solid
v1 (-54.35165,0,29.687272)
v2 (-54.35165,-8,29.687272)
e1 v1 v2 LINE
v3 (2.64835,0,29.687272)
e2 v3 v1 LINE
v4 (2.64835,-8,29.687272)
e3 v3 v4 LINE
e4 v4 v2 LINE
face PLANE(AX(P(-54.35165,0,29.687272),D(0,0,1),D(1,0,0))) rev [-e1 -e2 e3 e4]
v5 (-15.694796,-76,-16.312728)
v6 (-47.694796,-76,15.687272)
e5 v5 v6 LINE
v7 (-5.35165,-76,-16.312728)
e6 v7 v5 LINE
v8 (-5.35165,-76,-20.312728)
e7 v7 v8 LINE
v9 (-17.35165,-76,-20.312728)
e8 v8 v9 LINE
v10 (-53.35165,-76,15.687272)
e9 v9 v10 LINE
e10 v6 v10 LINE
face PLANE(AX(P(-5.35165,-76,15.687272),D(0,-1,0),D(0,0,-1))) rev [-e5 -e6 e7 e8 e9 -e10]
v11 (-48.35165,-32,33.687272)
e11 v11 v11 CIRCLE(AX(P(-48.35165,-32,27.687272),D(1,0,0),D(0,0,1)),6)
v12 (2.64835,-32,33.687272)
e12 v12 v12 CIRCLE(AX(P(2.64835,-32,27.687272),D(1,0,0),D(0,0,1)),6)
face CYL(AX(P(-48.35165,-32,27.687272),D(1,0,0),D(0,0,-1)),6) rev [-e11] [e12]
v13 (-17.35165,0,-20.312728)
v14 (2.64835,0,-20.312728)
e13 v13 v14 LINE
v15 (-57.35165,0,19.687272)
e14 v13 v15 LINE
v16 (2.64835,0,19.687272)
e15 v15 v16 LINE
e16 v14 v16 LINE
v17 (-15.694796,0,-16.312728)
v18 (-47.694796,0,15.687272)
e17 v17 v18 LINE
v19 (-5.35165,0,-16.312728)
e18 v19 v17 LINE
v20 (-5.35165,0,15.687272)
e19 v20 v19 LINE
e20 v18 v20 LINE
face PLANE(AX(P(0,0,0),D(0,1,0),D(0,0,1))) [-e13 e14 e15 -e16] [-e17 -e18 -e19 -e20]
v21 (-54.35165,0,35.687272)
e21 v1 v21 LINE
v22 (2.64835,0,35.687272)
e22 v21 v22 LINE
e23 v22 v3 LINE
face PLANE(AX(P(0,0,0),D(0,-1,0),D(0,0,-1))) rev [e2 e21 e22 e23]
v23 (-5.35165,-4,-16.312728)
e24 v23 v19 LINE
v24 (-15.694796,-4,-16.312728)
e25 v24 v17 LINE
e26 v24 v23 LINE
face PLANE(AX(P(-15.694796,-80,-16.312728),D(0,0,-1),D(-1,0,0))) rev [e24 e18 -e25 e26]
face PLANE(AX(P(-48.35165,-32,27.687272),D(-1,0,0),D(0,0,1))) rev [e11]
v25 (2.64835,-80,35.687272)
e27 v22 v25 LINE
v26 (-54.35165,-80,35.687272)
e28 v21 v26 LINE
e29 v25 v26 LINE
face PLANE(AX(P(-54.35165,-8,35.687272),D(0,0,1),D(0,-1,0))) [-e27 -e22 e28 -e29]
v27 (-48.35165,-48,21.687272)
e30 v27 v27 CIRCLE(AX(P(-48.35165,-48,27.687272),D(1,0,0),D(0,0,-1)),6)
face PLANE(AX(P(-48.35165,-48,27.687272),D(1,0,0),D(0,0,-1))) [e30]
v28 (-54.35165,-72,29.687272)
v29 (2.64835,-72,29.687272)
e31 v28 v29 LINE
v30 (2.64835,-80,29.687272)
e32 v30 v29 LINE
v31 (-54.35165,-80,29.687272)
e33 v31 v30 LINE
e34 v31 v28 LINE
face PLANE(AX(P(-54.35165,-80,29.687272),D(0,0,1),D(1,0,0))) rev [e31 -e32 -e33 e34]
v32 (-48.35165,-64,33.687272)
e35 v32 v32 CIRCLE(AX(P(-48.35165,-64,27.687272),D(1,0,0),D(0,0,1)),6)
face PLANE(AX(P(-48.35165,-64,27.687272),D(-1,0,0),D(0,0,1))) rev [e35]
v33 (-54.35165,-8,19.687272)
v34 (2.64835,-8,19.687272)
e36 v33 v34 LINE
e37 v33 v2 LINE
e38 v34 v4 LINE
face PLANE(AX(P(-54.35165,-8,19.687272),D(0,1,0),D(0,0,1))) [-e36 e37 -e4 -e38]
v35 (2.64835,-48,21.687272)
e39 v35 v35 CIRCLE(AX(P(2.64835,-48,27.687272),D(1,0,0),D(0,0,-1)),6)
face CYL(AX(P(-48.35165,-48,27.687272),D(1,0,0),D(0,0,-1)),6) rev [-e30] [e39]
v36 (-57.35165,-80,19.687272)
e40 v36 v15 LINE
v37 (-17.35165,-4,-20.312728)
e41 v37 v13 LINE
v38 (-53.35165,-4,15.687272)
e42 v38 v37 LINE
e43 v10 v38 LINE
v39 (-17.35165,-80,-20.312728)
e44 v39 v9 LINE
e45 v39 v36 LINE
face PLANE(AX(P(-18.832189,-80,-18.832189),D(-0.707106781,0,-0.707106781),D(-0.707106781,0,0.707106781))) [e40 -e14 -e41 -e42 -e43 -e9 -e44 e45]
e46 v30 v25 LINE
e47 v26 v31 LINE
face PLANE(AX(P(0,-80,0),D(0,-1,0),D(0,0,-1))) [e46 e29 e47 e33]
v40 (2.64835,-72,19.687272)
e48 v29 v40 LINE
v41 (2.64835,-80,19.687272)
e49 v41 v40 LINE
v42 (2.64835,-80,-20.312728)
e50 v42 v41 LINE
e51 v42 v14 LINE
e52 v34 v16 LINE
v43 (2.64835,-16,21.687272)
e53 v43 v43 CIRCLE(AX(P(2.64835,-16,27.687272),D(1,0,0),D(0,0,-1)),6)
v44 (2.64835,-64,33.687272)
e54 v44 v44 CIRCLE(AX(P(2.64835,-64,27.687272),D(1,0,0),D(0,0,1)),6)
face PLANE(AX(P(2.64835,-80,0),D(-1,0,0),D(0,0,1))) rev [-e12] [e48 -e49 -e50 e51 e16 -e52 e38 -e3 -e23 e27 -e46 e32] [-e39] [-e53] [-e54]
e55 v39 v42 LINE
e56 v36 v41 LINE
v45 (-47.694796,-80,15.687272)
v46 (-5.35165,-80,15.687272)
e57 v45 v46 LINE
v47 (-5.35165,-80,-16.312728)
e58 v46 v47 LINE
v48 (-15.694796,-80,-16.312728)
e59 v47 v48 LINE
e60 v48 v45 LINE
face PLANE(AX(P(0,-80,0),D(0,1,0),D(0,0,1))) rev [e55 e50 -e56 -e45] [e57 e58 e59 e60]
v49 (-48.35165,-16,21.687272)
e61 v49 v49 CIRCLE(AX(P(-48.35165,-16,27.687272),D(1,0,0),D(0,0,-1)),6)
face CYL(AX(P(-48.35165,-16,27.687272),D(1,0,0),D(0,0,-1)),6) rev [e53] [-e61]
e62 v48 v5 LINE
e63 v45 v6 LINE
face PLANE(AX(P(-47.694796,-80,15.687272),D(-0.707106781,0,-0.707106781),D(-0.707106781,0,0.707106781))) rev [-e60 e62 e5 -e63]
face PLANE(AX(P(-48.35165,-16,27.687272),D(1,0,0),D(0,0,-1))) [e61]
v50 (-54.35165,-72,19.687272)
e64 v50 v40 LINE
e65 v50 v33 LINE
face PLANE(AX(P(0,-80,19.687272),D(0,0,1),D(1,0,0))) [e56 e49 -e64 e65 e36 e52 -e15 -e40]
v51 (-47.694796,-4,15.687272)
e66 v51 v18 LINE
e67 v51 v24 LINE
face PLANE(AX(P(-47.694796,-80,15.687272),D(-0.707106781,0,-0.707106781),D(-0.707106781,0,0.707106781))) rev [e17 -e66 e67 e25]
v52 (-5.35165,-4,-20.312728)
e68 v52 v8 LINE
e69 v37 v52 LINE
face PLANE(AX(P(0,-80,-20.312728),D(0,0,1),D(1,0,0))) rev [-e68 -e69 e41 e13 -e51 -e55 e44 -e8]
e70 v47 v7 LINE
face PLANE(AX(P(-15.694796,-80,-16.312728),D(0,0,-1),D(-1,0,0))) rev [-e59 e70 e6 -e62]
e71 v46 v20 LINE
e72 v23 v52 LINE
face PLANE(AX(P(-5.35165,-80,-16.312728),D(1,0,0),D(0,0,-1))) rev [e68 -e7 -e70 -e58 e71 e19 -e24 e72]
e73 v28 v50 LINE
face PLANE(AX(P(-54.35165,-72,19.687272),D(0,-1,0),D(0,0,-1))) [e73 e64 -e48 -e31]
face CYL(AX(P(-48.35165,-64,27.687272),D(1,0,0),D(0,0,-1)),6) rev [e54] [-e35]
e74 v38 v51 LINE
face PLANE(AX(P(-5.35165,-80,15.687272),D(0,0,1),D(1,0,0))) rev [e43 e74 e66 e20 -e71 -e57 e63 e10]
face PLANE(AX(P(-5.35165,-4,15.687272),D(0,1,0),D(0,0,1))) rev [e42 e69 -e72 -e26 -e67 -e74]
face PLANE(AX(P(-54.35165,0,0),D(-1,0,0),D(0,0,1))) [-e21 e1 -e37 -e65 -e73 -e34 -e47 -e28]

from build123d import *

# Parameters (mm, degrees)
SKETCH1_W           = 20
SKETCH1_H           = 40
BOSS_EXTRUDE1_DEPTH = 80
SKETCH8_W           = 16
SKETCH8_H           = 64
BOSS_EXTRUDE2_DEPTH = 57
SKETCH10_R          = 6
CUT_EXTRUDE1_DEPTH  = 51
CUT_EXTRUDE2_DEPTH  = 105.703357948
SKETCH12_W          = 57
SKETCH12_H          = 6
BOSS_EXTRUDE3_DEPTH = 8
SKETCH14_W          = 57
SKETCH14_H          = 6
BOSS_EXTRUDE4_DEPTH = 8
SKETCH17_W          = 48
SKETCH17_H          = 72
CUT_EXTRUDE4_DEPTH  = 36


with BuildPart() as part:
    # Sketch1 → Boss-Extrude1 (new body)
    with BuildSketch(Plane(origin=(0, 0, 0), x_dir=(1, 0, 0), z_dir=(0, 1, 0))):
        Polygon((-17.351649908, 20.312727502), (-57.351649908, -19.687272498), (-17.351649908, -19.687272498), align=None)
        with Locations((-7.351649908, 0.312727502)):
            Rectangle(SKETCH1_W, SKETCH1_H)
    extrude(amount=-BOSS_EXTRUDE1_DEPTH)

    # Sketch8 → Boss-Extrude2 (add)
    with BuildSketch(Plane(origin=(2.648350092, 0, 0), x_dir=(0, 0, -1), z_dir=(1, 0, 0))):
        with Locations((-27.687272498, -40)):
            Rectangle(SKETCH8_W, SKETCH8_H)
    extrude(amount=-BOSS_EXTRUDE2_DEPTH)

    # Sketch10 → Cut-Extrude1 (cut)
    with BuildSketch(Plane(origin=(2.648350092, 0, 0), x_dir=(0, 0, -1), z_dir=(1, 0, 0))):
        with Locations((-27.687272498, -16)):
            Circle(SKETCH10_R)
        with Locations(Location((-27.687272498, -32, 0), (0, 0, 180))):
            Circle(SKETCH10_R)
        with Locations(Location((-27.687272498, -64, 0), (0, 0, 180))):
            Circle(SKETCH10_R)
        with Locations((-27.687272498, -48)):
            Circle(SKETCH10_R)
    extrude(amount=-CUT_EXTRUDE1_DEPTH, mode=Mode.SUBTRACT)

    # Sketch11 → Cut-Extrude2 (cut, through all)
    with BuildSketch(Plane(origin=(0, 0, 0), x_dir=(1, 0, 0), z_dir=(0, 1, 0))):
        Polygon((-47.694795658, -15.687272498), (-15.694795658, 16.312727502), (-5.351649908, 16.312727502), (-5.351649908, -15.687272498), align=None)
    extrude(amount=-CUT_EXTRUDE2_DEPTH, mode=Mode.SUBTRACT)

    # Sketch12 → Boss-Extrude3 (add)
    with BuildSketch(Plane.XZ.offset(72)):
        with Locations((-25.851649908, 32.687272498)):
            Rectangle(SKETCH12_W, SKETCH12_H)
    extrude(amount=BOSS_EXTRUDE3_DEPTH)

    # Sketch14 → Boss-Extrude4 (add)
    with BuildSketch(Plane(origin=(0, -8, 0), x_dir=(1, 0, 0), z_dir=(0, 1, 0))):
        with Locations((-25.851649908, -32.687272498)):
            Rectangle(SKETCH14_W, SKETCH14_H)
    extrude(amount=BOSS_EXTRUDE4_DEPTH)

    # Sketch17 → Cut-Extrude4 (cut)
    with BuildSketch(Plane(origin=(0, 0, -20.312727502), x_dir=(-1, 0, 0), z_dir=(0, 0, -1))):
        with Locations((29.351649908, -40)):
            Rectangle(SKETCH17_W, SKETCH17_H)
    extrude(amount=-CUT_EXTRUDE4_DEPTH, mode=Mode.SUBTRACT)


solid = part.part
